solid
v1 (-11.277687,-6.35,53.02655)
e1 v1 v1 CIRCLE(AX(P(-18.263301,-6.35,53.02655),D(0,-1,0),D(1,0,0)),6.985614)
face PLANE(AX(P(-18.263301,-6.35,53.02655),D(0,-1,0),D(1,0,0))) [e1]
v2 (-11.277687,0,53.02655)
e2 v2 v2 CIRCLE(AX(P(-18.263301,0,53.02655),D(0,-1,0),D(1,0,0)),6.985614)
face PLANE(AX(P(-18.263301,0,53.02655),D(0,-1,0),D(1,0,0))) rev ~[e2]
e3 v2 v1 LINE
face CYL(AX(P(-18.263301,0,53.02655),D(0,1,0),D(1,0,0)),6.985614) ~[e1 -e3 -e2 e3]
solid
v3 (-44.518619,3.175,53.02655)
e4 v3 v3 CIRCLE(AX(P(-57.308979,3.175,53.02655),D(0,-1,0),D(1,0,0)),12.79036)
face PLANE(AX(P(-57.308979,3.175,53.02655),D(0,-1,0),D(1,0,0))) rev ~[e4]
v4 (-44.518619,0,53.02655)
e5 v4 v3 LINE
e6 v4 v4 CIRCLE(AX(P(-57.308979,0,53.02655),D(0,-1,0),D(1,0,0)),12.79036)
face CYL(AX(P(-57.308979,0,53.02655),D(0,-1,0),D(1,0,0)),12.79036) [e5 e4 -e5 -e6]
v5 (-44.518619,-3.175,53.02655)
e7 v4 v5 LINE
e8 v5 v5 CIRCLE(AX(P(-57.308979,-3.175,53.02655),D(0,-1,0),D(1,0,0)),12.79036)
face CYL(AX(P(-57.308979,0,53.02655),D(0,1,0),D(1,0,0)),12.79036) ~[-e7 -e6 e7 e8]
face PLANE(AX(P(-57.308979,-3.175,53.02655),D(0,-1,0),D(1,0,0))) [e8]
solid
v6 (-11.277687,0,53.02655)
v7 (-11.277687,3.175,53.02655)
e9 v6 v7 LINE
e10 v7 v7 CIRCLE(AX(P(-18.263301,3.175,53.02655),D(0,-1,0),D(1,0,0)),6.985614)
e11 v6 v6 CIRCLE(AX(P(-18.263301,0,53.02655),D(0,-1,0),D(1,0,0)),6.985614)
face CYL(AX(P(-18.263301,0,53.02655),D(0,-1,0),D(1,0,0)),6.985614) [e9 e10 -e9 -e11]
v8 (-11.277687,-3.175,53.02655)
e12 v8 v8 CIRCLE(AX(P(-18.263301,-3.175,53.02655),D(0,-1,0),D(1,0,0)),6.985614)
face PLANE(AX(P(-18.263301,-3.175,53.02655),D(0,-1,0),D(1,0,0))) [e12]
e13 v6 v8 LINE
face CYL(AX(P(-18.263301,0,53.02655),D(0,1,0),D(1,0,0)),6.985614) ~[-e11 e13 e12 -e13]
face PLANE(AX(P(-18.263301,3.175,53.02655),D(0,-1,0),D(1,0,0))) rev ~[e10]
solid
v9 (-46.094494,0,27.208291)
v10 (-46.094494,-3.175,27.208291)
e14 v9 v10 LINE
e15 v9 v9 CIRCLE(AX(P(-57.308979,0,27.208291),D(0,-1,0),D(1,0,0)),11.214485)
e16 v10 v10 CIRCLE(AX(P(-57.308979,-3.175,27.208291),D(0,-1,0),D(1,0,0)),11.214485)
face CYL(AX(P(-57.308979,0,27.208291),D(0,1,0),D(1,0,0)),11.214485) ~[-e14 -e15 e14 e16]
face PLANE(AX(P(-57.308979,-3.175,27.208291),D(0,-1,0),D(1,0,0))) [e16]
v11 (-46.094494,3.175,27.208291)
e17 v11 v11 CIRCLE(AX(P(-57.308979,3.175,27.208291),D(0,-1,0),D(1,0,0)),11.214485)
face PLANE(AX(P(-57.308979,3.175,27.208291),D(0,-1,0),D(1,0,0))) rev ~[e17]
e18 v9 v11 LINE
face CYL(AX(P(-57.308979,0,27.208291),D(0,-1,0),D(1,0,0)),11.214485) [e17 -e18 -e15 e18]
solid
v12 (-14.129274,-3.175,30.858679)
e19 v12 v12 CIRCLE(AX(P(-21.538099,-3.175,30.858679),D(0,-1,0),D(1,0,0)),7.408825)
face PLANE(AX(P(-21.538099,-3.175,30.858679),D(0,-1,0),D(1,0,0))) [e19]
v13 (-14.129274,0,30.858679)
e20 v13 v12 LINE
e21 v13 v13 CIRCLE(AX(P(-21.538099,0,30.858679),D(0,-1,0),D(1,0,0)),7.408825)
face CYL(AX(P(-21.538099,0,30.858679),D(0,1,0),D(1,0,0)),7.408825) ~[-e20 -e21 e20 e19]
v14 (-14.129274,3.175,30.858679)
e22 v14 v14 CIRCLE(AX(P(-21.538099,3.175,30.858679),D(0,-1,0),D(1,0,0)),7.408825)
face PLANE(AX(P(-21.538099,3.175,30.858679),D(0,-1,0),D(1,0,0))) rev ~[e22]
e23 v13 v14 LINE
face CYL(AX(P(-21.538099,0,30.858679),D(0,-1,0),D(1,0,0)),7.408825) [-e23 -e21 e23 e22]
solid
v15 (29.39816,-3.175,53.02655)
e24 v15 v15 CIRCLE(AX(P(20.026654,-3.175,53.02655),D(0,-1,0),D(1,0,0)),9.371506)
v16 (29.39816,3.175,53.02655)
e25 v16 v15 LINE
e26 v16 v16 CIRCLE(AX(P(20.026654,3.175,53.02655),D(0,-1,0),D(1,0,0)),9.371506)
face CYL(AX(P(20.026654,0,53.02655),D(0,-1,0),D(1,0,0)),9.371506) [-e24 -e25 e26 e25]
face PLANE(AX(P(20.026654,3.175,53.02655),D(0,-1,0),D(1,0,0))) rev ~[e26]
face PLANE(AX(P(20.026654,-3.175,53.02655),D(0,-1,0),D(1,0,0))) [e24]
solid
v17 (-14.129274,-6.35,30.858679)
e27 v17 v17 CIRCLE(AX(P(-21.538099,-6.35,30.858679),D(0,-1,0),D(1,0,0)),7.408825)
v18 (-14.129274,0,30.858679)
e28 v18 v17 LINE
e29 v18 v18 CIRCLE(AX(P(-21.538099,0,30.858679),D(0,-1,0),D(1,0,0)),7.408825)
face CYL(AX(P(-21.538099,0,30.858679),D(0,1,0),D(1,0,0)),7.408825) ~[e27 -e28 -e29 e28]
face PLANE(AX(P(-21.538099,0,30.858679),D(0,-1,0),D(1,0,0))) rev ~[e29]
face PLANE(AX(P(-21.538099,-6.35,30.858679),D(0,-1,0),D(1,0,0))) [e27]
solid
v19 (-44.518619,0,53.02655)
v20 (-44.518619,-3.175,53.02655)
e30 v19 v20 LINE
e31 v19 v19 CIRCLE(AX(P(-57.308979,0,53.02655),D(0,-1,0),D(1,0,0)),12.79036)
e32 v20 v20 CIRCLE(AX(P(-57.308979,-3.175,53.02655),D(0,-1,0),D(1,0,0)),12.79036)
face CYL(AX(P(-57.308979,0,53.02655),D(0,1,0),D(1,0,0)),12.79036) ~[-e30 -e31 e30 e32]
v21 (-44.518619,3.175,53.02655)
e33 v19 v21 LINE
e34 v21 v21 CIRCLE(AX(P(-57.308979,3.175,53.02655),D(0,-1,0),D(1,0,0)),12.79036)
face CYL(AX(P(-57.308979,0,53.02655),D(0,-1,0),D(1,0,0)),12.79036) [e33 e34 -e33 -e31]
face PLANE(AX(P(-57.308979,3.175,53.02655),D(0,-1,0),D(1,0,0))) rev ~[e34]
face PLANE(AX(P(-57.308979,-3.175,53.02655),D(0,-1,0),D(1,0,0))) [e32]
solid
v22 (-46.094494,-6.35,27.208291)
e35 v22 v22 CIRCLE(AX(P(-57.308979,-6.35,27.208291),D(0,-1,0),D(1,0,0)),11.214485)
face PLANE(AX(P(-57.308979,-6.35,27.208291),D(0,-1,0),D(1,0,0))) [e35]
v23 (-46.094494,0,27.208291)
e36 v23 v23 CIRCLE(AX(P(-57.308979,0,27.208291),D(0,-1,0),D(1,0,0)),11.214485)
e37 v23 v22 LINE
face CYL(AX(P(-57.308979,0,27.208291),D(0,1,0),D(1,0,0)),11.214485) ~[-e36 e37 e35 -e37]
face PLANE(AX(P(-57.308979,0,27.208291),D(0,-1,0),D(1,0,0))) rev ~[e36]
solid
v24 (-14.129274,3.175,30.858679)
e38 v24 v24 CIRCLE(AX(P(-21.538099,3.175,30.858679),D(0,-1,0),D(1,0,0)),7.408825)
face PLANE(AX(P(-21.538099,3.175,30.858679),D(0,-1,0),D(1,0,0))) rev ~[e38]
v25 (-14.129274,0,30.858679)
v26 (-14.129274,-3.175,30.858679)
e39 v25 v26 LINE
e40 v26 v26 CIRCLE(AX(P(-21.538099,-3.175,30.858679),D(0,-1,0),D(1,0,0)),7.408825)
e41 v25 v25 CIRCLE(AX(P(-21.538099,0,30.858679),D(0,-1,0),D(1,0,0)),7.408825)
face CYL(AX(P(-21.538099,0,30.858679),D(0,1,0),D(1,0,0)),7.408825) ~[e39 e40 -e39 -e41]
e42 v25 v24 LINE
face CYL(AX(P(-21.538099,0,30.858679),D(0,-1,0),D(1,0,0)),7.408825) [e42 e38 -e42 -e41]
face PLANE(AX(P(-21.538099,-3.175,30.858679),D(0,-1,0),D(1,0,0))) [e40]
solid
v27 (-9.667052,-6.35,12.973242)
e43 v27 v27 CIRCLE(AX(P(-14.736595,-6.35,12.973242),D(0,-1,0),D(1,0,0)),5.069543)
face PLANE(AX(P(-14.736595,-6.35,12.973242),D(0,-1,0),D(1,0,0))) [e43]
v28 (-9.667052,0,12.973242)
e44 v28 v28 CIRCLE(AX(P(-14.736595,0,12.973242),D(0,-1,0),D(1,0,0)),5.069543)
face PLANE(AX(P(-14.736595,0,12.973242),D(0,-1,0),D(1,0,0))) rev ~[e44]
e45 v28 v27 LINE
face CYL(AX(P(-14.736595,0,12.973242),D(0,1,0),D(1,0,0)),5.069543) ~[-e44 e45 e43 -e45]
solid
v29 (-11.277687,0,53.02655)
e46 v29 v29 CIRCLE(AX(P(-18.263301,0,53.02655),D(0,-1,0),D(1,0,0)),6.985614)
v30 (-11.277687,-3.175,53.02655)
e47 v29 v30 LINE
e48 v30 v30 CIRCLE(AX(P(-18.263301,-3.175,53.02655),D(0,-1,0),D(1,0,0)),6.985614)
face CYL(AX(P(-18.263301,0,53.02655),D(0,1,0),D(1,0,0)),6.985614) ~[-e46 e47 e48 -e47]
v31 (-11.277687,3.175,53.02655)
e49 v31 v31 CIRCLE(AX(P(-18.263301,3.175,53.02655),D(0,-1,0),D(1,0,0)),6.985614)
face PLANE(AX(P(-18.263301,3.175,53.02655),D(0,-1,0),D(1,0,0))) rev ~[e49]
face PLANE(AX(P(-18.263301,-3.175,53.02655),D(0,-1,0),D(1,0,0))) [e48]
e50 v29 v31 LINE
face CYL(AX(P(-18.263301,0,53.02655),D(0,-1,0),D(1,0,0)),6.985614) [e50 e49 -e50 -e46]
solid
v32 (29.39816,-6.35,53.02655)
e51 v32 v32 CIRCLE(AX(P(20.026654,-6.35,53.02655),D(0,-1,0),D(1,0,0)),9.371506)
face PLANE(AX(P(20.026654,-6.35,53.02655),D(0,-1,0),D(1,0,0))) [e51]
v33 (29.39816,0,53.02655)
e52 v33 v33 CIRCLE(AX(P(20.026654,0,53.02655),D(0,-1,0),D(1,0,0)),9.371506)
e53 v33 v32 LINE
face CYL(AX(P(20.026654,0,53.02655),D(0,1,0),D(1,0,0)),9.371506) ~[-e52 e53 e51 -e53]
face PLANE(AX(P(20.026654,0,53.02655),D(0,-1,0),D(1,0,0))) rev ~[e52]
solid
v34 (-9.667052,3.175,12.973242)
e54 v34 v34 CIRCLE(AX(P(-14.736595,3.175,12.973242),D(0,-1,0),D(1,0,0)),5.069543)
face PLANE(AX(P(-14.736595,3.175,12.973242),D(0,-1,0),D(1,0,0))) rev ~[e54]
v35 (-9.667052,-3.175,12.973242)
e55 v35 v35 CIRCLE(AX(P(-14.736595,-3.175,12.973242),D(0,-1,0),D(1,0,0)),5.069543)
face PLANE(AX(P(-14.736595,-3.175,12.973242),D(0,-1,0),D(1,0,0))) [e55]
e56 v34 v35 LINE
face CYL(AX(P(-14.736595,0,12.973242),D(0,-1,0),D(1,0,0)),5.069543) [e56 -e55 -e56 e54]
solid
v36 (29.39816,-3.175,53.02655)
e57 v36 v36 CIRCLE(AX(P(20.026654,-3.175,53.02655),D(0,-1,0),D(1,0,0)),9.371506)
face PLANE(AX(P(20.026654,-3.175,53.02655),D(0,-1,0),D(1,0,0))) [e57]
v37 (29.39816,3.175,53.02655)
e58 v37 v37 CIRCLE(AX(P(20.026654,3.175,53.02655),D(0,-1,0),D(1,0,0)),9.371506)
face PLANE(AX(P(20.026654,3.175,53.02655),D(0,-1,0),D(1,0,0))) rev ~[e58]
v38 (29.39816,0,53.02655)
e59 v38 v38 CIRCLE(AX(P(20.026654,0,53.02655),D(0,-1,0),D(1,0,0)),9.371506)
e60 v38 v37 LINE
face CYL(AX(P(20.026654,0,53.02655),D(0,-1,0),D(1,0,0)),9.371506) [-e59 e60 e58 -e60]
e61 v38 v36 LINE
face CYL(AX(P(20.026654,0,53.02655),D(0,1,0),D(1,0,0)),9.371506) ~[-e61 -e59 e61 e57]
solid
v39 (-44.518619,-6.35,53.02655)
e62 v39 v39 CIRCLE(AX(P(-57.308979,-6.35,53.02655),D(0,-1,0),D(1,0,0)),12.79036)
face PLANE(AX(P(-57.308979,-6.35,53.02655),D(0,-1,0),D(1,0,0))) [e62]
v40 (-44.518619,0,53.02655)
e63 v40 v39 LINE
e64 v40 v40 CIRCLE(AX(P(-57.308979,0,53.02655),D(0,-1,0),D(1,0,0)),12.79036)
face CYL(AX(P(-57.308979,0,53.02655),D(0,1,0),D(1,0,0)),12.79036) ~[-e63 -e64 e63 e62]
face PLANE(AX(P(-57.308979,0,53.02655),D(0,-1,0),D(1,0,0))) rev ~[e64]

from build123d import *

# Parameters (mm, degrees)
F0_R     = 12.79036
F0_R_2   = 6.985614
F0_R_3   = 7.408825
F0_R_4   = 9.371506
F1_DEPTH = 3.175
F0_R_5   = 11.214485
F0_R_6   = 5.069543
F2_DEPTH = 3.175
F3_DEPTH = 6.35


with BuildPart() as f1:
    # F0 (on Front) → F1 (new body, symmetric)
    with BuildSketch(Plane.XZ):
        with Locations((-57.308979, 53.02655)):
            Circle(F0_R)
        with Locations((-18.263301, 53.02655)):
            Circle(F0_R_2)
        with Locations((-21.538099, 30.858679)):
            Circle(F0_R_3)
        with Locations((20.026654, 53.02655)):
            Circle(F0_R_4)
    extrude(amount=F1_DEPTH, both=True)


with BuildPart() as f2:
    # F0 (on Front) → F2 (new body, symmetric)
    with BuildSketch(Plane.XZ):
        with Locations((-57.308979, 53.02655)):
            Circle(F0_R)
        with Locations((-21.538099, 30.858679)):
            Circle(F0_R_3)
        with Locations((-18.263301, 53.02655)):
            Circle(F0_R_2)
        with Locations((20.026654, 53.02655)):
            Circle(F0_R_4)
        with Locations((-57.308979, 27.208291)):
            Circle(F0_R_5)
        with Locations((-14.736595, 12.973242)):
            Circle(F0_R_6)
    extrude(amount=F2_DEPTH, both=True)


with BuildPart() as f3:
    # F0 (on Front) → F3 (new body)
    with BuildSketch(Plane.XZ):
        with Locations((-57.308979, 53.02655)):
            Circle(F0_R)
        with Locations((-21.538099, 30.858679)):
            Circle(F0_R_3)
        with Locations((-18.263301, 53.02655)):
            Circle(F0_R_2)
        with Locations((20.026654, 53.02655)):
            Circle(F0_R_4)
        with Locations((-57.308979, 27.208291)):
            Circle(F0_R_5)
        with Locations((-14.736595, 12.973242)):
            Circle(F0_R_6)
    extrude(amount=F3_DEPTH)


solid = Compound([f1.part, f2.part, f3.part])
